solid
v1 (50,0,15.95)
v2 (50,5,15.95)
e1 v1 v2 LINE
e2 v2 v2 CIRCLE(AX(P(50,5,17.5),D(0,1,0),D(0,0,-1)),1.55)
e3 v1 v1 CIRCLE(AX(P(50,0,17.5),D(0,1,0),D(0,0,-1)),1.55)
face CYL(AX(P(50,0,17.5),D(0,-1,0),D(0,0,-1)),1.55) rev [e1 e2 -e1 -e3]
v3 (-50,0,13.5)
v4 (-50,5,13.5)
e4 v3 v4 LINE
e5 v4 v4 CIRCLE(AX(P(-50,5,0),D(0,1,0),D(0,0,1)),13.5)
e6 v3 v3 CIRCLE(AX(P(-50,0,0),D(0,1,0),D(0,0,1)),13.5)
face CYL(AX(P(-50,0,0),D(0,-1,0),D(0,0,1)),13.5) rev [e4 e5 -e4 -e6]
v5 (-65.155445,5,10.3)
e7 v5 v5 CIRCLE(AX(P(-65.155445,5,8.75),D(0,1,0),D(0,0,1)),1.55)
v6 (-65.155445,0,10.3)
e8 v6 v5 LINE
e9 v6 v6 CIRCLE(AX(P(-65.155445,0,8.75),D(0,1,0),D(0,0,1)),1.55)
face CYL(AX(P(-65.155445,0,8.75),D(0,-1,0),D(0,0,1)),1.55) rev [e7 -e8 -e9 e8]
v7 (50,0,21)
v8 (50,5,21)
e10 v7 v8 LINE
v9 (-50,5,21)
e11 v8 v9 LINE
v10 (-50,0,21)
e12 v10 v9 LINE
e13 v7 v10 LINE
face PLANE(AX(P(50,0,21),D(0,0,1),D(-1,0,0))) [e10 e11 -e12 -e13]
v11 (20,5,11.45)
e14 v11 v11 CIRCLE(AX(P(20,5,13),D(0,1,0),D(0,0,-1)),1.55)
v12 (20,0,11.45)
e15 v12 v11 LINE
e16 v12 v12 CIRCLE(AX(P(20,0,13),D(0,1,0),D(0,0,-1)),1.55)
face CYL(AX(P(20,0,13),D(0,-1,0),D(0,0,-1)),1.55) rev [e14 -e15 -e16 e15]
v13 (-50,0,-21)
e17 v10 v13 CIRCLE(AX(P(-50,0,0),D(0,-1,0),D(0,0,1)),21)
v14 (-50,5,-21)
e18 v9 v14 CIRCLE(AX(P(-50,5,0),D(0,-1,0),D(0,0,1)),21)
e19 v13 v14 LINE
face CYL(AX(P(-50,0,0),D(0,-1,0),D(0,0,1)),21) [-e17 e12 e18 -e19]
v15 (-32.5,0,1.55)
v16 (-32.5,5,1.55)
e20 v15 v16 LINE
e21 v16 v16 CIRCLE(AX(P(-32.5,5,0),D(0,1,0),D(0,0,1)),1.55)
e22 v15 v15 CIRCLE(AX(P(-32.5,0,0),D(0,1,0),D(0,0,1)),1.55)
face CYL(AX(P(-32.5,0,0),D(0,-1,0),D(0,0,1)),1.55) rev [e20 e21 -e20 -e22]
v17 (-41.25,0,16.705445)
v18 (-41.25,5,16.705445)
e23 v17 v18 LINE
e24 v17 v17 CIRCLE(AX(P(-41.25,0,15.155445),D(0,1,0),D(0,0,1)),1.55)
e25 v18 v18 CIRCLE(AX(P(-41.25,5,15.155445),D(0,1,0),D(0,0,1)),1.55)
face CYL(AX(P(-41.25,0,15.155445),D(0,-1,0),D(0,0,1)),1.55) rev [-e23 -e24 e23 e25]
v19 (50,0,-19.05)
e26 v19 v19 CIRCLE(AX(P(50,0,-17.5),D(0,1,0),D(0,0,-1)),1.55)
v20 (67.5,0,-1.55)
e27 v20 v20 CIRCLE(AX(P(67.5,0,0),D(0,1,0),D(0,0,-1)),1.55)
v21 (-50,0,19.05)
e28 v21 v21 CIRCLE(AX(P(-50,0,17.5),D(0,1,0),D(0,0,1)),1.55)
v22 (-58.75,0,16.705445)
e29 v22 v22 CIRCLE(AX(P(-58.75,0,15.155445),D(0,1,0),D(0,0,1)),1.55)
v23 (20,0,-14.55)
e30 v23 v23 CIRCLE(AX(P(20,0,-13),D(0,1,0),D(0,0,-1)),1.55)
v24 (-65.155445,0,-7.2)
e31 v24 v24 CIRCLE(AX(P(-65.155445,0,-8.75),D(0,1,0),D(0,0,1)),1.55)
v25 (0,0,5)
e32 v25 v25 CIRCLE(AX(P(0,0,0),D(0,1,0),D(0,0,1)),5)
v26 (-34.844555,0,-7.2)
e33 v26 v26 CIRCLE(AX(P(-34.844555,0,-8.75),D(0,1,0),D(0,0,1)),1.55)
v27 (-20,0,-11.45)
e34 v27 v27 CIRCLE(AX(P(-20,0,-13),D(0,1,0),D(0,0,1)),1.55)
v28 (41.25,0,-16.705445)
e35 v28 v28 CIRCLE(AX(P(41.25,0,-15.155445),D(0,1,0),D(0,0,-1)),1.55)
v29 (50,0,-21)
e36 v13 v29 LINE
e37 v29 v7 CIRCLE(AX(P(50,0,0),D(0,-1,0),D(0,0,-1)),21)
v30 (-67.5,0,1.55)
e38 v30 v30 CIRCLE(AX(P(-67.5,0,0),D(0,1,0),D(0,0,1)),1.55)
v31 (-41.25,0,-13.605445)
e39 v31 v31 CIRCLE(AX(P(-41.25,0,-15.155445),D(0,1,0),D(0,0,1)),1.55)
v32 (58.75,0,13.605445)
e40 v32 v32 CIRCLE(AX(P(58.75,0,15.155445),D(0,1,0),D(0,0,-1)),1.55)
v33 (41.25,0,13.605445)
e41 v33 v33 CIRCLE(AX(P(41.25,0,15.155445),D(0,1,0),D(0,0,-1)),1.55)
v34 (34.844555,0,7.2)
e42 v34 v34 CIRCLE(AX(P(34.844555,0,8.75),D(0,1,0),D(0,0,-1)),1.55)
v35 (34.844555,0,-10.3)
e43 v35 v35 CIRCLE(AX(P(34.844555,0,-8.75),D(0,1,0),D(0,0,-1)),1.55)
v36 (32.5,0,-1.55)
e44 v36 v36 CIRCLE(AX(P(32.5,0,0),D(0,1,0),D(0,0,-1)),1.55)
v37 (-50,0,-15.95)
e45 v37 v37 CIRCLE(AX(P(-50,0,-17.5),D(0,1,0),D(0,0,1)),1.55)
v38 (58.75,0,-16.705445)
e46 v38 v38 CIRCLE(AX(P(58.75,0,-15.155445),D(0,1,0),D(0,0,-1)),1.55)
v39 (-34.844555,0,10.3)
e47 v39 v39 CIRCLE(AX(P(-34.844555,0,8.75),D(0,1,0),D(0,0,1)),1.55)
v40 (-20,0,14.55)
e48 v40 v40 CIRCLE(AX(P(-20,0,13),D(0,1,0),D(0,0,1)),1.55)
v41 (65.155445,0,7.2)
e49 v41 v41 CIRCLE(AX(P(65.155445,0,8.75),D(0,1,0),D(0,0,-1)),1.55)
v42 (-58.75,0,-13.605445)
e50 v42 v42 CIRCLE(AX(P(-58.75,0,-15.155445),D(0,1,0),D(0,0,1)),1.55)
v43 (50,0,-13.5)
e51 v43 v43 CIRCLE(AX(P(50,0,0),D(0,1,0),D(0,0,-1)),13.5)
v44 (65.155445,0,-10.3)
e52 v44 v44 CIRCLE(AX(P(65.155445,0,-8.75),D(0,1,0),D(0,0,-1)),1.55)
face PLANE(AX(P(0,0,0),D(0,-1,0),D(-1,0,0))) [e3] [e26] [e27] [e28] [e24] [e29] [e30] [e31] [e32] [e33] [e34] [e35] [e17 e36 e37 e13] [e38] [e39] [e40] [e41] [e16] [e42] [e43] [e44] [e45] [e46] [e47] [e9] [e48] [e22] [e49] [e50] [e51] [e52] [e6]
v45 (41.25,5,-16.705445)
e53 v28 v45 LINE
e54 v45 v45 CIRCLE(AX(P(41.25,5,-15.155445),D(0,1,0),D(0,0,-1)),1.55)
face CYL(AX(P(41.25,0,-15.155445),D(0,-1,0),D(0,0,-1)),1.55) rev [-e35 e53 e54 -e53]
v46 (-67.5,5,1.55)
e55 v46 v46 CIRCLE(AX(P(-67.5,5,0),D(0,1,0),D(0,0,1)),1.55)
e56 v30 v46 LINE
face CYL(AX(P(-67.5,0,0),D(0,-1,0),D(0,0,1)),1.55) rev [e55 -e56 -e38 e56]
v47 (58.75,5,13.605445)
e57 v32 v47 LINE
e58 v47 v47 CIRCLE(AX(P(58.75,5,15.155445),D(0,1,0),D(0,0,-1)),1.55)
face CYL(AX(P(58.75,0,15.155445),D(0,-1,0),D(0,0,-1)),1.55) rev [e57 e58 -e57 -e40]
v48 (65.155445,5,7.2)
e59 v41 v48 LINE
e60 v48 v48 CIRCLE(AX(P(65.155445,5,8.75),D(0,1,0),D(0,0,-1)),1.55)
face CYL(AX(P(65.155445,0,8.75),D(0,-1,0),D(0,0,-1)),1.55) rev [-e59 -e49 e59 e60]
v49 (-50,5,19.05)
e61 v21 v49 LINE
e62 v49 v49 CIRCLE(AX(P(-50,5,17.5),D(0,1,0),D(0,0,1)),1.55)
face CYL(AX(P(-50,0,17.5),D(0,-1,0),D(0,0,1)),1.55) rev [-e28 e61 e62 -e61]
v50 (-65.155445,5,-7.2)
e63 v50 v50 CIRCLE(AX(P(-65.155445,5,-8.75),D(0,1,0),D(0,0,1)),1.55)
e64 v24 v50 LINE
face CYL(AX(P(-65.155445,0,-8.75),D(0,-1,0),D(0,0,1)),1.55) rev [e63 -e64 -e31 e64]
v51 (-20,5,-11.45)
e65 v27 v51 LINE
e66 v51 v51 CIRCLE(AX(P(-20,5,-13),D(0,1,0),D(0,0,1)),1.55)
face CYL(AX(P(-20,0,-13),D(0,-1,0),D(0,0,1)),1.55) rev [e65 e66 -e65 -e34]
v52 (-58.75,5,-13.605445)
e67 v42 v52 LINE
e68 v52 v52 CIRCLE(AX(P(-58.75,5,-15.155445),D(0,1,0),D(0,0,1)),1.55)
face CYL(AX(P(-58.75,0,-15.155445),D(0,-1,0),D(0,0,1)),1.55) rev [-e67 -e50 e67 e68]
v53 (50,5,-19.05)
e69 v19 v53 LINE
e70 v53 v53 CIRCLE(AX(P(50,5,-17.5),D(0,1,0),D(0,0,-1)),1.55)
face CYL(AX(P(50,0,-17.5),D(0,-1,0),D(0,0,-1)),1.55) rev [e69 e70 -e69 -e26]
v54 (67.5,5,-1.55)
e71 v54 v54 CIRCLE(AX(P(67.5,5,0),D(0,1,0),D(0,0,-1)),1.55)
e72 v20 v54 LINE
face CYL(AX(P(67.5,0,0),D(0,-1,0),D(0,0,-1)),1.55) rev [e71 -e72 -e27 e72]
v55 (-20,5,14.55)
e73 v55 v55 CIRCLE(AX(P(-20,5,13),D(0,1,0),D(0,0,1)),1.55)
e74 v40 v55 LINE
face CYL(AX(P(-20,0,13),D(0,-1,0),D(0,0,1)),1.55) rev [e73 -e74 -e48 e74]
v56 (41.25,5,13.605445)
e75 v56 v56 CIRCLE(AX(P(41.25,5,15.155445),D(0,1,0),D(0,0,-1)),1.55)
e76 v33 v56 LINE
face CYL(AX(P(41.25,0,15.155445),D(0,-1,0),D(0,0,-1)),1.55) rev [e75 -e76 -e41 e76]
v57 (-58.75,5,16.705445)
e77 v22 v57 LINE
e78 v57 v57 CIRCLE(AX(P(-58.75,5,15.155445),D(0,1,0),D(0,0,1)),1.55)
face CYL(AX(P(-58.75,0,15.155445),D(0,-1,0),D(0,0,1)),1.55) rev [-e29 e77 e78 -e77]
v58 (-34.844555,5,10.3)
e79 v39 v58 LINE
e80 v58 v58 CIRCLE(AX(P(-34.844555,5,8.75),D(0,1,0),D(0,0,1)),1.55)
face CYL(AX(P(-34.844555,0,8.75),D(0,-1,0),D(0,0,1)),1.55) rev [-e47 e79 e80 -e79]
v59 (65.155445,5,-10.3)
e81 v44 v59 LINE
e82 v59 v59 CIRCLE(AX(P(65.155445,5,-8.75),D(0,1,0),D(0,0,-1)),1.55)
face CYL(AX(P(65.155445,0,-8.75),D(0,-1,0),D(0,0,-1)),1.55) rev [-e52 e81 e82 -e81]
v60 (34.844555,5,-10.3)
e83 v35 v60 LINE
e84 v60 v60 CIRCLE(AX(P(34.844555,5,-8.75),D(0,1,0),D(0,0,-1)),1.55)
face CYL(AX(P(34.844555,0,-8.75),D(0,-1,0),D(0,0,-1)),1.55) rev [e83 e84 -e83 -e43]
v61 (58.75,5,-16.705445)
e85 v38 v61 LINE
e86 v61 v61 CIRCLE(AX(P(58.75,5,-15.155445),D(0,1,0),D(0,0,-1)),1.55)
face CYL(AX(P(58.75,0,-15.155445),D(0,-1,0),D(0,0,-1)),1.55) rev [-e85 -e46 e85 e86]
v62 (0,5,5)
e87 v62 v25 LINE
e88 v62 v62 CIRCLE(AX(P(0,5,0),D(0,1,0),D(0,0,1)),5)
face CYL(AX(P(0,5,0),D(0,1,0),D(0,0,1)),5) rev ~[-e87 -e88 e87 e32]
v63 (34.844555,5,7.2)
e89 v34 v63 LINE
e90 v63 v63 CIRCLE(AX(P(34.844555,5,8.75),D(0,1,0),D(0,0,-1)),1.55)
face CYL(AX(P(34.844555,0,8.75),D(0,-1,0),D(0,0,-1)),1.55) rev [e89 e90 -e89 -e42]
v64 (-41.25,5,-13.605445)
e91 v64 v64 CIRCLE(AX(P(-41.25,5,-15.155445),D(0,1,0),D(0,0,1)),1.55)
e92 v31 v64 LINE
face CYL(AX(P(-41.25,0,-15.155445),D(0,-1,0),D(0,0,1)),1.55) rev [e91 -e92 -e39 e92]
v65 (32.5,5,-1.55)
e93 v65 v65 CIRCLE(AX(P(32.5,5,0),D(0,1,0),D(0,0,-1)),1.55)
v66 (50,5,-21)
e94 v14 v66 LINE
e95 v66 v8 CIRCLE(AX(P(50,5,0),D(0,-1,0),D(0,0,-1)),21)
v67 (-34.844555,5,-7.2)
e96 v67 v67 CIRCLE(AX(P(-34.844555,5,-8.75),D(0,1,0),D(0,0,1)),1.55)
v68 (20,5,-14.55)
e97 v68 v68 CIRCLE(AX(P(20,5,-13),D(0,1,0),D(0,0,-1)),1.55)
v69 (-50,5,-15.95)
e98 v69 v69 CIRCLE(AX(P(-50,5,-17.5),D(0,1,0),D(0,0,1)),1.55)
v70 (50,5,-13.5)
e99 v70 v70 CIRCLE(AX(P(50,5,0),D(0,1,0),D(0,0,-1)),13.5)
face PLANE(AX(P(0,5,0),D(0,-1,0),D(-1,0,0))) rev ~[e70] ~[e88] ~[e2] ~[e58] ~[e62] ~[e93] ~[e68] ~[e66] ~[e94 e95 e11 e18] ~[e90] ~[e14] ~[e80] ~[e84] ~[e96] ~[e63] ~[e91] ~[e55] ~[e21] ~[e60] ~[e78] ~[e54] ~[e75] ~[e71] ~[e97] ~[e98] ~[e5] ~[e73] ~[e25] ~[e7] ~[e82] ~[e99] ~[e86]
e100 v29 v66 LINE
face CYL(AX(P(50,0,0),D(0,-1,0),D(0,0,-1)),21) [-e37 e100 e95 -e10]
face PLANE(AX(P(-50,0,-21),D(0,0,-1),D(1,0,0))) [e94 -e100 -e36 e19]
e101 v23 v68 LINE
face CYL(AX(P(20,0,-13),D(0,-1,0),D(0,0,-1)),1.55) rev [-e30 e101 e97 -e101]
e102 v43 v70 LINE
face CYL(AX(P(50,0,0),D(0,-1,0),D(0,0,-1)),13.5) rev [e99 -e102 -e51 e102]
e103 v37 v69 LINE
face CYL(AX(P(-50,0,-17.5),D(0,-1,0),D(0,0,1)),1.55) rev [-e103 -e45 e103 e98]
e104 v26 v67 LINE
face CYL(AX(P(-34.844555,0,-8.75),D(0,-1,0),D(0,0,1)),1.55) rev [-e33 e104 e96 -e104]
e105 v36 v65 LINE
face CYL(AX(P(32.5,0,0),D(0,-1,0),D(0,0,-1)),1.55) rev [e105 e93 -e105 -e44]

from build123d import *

# Parameters (mm, degrees)
SKETCH_1_R          = 13.5
SKETCH_1_R_2        = 1.55
EXTRUDE_1_DEPTH     = 5
SKETCH_2_R          = 5
CUT_EXTRUDE_1_DEPTH = 5


with BuildPart() as part:
    # 草图1 → 凸台-拉伸1 (new body)
    with BuildSketch(Plane(origin=(0, 0, 0), x_dir=(1, 0, 0), z_dir=(0, 1, 0))):
        with BuildLine():
            Line((-50, 21), (50, 21))
            ThreePointArc((50, 21), (71, 0), (50, -21))
            Line((50, -21), (-50, -21))
            ThreePointArc((-50, -21), (-71, 0), (-50, 21))
        make_face()
        with Locations(Location((-50, 0, 0), (0, 0, 270))):
            Circle(SKETCH_1_R, mode=Mode.SUBTRACT)
        with Locations(Location((-50, 17.5, 0), (0, 0, 270))):
            Circle(SKETCH_1_R_2, mode=Mode.SUBTRACT)
        with Locations(Location((-20, 13, 0), (0, 0, 270))):
            Circle(SKETCH_1_R_2, mode=Mode.SUBTRACT)
        with Locations(Location((-20, -13, 0), (0, 0, 270))):
            Circle(SKETCH_1_R_2, mode=Mode.SUBTRACT)
        with Locations(Location((-41.25, 15.155444566, 0), (0, 0, 270))):
            Circle(SKETCH_1_R_2, mode=Mode.SUBTRACT)
        with Locations(Location((-34.844555434, 8.75, 0), (0, 0, 270))):
            Circle(SKETCH_1_R_2, mode=Mode.SUBTRACT)
        with Locations(Location((-32.5, 0, 0), (0, 0, 270))):
            Circle(SKETCH_1_R_2, mode=Mode.SUBTRACT)
        with Locations(Location((-34.844555434, -8.75, 0), (0, 0, 270))):
            Circle(SKETCH_1_R_2, mode=Mode.SUBTRACT)
        with Locations(Location((-41.25, -15.155444566, 0), (0, 0, 270))):
            Circle(SKETCH_1_R_2, mode=Mode.SUBTRACT)
        with Locations(Location((-50, -17.5, 0), (0, 0, 270))):
            Circle(SKETCH_1_R_2, mode=Mode.SUBTRACT)
        with Locations(Location((-58.75, -15.155444566, 0), (0, 0, 270))):
            Circle(SKETCH_1_R_2, mode=Mode.SUBTRACT)
        with Locations(Location((-65.155444566, -8.75, 0), (0, 0, 270))):
            Circle(SKETCH_1_R_2, mode=Mode.SUBTRACT)
        with Locations(Location((-67.5, 0, 0), (0, 0, 270))):
            Circle(SKETCH_1_R_2, mode=Mode.SUBTRACT)
        with Locations(Location((-65.155444566, 8.75, 0), (0, 0, 270))):
            Circle(SKETCH_1_R_2, mode=Mode.SUBTRACT)
        with Locations(Location((-58.75, 15.155444566, 0), (0, 0, 270))):
            Circle(SKETCH_1_R_2, mode=Mode.SUBTRACT)
        with Locations(Location((58.75, 15.155444566, 0), (0, 0, 90))):
            Circle(SKETCH_1_R_2, mode=Mode.SUBTRACT)
        with Locations(Location((65.155444566, 8.75, 0), (0, 0, 90))):
            Circle(SKETCH_1_R_2, mode=Mode.SUBTRACT)
        with Locations(Location((67.5, 0, 0), (0, 0, 90))):
            Circle(SKETCH_1_R_2, mode=Mode.SUBTRACT)
        with Locations(Location((65.155444566, -8.75, 0), (0, 0, 90))):
            Circle(SKETCH_1_R_2, mode=Mode.SUBTRACT)
        with Locations(Location((58.75, -15.155444566, 0), (0, 0, 90))):
            Circle(SKETCH_1_R_2, mode=Mode.SUBTRACT)
        with Locations(Location((50, -17.5, 0), (0, 0, 90))):
            Circle(SKETCH_1_R_2, mode=Mode.SUBTRACT)
        with Locations(Location((41.25, -15.155444566, 0), (0, 0, 90))):
            Circle(SKETCH_1_R_2, mode=Mode.SUBTRACT)
        with Locations(Location((34.844555434, -8.75, 0), (0, 0, 90))):
            Circle(SKETCH_1_R_2, mode=Mode.SUBTRACT)
        with Locations(Location((32.5, 0, 0), (0, 0, 90))):
            Circle(SKETCH_1_R_2, mode=Mode.SUBTRACT)
        with Locations(Location((41.25, 15.155444566, 0), (0, 0, 90))):
            Circle(SKETCH_1_R_2, mode=Mode.SUBTRACT)
        with Locations(Location((20, -13, 0), (0, 0, 90))):
            Circle(SKETCH_1_R_2, mode=Mode.SUBTRACT)
        with Locations(Location((20, 13, 0), (0, 0, 90))):
            Circle(SKETCH_1_R_2, mode=Mode.SUBTRACT)
        with Locations(Location((50, 17.5, 0), (0, 0, 90))):
            Circle(SKETCH_1_R_2, mode=Mode.SUBTRACT)
        with Locations(Location((50, 0, 0), (0, 0, 90))):
            Circle(SKETCH_1_R, mode=Mode.SUBTRACT)
        with Locations(Location((34.844555434, 8.75, 0), (0, 0, 90))):
            Circle(SKETCH_1_R_2, mode=Mode.SUBTRACT)
    extrude(amount=EXTRUDE_1_DEPTH)

    # 草图2 → 切除-拉伸1 (cut)
    with BuildSketch(Plane(origin=(0, 5, 0), x_dir=(1, 0, 0), z_dir=(0, 1, 0))):
        with Locations(Location((0, 0, 0), (0, 0, 270))):
            Circle(SKETCH_2_R)
    extrude(amount=-CUT_EXTRUDE_1_DEPTH, mode=Mode.SUBTRACT)


solid = part.part
